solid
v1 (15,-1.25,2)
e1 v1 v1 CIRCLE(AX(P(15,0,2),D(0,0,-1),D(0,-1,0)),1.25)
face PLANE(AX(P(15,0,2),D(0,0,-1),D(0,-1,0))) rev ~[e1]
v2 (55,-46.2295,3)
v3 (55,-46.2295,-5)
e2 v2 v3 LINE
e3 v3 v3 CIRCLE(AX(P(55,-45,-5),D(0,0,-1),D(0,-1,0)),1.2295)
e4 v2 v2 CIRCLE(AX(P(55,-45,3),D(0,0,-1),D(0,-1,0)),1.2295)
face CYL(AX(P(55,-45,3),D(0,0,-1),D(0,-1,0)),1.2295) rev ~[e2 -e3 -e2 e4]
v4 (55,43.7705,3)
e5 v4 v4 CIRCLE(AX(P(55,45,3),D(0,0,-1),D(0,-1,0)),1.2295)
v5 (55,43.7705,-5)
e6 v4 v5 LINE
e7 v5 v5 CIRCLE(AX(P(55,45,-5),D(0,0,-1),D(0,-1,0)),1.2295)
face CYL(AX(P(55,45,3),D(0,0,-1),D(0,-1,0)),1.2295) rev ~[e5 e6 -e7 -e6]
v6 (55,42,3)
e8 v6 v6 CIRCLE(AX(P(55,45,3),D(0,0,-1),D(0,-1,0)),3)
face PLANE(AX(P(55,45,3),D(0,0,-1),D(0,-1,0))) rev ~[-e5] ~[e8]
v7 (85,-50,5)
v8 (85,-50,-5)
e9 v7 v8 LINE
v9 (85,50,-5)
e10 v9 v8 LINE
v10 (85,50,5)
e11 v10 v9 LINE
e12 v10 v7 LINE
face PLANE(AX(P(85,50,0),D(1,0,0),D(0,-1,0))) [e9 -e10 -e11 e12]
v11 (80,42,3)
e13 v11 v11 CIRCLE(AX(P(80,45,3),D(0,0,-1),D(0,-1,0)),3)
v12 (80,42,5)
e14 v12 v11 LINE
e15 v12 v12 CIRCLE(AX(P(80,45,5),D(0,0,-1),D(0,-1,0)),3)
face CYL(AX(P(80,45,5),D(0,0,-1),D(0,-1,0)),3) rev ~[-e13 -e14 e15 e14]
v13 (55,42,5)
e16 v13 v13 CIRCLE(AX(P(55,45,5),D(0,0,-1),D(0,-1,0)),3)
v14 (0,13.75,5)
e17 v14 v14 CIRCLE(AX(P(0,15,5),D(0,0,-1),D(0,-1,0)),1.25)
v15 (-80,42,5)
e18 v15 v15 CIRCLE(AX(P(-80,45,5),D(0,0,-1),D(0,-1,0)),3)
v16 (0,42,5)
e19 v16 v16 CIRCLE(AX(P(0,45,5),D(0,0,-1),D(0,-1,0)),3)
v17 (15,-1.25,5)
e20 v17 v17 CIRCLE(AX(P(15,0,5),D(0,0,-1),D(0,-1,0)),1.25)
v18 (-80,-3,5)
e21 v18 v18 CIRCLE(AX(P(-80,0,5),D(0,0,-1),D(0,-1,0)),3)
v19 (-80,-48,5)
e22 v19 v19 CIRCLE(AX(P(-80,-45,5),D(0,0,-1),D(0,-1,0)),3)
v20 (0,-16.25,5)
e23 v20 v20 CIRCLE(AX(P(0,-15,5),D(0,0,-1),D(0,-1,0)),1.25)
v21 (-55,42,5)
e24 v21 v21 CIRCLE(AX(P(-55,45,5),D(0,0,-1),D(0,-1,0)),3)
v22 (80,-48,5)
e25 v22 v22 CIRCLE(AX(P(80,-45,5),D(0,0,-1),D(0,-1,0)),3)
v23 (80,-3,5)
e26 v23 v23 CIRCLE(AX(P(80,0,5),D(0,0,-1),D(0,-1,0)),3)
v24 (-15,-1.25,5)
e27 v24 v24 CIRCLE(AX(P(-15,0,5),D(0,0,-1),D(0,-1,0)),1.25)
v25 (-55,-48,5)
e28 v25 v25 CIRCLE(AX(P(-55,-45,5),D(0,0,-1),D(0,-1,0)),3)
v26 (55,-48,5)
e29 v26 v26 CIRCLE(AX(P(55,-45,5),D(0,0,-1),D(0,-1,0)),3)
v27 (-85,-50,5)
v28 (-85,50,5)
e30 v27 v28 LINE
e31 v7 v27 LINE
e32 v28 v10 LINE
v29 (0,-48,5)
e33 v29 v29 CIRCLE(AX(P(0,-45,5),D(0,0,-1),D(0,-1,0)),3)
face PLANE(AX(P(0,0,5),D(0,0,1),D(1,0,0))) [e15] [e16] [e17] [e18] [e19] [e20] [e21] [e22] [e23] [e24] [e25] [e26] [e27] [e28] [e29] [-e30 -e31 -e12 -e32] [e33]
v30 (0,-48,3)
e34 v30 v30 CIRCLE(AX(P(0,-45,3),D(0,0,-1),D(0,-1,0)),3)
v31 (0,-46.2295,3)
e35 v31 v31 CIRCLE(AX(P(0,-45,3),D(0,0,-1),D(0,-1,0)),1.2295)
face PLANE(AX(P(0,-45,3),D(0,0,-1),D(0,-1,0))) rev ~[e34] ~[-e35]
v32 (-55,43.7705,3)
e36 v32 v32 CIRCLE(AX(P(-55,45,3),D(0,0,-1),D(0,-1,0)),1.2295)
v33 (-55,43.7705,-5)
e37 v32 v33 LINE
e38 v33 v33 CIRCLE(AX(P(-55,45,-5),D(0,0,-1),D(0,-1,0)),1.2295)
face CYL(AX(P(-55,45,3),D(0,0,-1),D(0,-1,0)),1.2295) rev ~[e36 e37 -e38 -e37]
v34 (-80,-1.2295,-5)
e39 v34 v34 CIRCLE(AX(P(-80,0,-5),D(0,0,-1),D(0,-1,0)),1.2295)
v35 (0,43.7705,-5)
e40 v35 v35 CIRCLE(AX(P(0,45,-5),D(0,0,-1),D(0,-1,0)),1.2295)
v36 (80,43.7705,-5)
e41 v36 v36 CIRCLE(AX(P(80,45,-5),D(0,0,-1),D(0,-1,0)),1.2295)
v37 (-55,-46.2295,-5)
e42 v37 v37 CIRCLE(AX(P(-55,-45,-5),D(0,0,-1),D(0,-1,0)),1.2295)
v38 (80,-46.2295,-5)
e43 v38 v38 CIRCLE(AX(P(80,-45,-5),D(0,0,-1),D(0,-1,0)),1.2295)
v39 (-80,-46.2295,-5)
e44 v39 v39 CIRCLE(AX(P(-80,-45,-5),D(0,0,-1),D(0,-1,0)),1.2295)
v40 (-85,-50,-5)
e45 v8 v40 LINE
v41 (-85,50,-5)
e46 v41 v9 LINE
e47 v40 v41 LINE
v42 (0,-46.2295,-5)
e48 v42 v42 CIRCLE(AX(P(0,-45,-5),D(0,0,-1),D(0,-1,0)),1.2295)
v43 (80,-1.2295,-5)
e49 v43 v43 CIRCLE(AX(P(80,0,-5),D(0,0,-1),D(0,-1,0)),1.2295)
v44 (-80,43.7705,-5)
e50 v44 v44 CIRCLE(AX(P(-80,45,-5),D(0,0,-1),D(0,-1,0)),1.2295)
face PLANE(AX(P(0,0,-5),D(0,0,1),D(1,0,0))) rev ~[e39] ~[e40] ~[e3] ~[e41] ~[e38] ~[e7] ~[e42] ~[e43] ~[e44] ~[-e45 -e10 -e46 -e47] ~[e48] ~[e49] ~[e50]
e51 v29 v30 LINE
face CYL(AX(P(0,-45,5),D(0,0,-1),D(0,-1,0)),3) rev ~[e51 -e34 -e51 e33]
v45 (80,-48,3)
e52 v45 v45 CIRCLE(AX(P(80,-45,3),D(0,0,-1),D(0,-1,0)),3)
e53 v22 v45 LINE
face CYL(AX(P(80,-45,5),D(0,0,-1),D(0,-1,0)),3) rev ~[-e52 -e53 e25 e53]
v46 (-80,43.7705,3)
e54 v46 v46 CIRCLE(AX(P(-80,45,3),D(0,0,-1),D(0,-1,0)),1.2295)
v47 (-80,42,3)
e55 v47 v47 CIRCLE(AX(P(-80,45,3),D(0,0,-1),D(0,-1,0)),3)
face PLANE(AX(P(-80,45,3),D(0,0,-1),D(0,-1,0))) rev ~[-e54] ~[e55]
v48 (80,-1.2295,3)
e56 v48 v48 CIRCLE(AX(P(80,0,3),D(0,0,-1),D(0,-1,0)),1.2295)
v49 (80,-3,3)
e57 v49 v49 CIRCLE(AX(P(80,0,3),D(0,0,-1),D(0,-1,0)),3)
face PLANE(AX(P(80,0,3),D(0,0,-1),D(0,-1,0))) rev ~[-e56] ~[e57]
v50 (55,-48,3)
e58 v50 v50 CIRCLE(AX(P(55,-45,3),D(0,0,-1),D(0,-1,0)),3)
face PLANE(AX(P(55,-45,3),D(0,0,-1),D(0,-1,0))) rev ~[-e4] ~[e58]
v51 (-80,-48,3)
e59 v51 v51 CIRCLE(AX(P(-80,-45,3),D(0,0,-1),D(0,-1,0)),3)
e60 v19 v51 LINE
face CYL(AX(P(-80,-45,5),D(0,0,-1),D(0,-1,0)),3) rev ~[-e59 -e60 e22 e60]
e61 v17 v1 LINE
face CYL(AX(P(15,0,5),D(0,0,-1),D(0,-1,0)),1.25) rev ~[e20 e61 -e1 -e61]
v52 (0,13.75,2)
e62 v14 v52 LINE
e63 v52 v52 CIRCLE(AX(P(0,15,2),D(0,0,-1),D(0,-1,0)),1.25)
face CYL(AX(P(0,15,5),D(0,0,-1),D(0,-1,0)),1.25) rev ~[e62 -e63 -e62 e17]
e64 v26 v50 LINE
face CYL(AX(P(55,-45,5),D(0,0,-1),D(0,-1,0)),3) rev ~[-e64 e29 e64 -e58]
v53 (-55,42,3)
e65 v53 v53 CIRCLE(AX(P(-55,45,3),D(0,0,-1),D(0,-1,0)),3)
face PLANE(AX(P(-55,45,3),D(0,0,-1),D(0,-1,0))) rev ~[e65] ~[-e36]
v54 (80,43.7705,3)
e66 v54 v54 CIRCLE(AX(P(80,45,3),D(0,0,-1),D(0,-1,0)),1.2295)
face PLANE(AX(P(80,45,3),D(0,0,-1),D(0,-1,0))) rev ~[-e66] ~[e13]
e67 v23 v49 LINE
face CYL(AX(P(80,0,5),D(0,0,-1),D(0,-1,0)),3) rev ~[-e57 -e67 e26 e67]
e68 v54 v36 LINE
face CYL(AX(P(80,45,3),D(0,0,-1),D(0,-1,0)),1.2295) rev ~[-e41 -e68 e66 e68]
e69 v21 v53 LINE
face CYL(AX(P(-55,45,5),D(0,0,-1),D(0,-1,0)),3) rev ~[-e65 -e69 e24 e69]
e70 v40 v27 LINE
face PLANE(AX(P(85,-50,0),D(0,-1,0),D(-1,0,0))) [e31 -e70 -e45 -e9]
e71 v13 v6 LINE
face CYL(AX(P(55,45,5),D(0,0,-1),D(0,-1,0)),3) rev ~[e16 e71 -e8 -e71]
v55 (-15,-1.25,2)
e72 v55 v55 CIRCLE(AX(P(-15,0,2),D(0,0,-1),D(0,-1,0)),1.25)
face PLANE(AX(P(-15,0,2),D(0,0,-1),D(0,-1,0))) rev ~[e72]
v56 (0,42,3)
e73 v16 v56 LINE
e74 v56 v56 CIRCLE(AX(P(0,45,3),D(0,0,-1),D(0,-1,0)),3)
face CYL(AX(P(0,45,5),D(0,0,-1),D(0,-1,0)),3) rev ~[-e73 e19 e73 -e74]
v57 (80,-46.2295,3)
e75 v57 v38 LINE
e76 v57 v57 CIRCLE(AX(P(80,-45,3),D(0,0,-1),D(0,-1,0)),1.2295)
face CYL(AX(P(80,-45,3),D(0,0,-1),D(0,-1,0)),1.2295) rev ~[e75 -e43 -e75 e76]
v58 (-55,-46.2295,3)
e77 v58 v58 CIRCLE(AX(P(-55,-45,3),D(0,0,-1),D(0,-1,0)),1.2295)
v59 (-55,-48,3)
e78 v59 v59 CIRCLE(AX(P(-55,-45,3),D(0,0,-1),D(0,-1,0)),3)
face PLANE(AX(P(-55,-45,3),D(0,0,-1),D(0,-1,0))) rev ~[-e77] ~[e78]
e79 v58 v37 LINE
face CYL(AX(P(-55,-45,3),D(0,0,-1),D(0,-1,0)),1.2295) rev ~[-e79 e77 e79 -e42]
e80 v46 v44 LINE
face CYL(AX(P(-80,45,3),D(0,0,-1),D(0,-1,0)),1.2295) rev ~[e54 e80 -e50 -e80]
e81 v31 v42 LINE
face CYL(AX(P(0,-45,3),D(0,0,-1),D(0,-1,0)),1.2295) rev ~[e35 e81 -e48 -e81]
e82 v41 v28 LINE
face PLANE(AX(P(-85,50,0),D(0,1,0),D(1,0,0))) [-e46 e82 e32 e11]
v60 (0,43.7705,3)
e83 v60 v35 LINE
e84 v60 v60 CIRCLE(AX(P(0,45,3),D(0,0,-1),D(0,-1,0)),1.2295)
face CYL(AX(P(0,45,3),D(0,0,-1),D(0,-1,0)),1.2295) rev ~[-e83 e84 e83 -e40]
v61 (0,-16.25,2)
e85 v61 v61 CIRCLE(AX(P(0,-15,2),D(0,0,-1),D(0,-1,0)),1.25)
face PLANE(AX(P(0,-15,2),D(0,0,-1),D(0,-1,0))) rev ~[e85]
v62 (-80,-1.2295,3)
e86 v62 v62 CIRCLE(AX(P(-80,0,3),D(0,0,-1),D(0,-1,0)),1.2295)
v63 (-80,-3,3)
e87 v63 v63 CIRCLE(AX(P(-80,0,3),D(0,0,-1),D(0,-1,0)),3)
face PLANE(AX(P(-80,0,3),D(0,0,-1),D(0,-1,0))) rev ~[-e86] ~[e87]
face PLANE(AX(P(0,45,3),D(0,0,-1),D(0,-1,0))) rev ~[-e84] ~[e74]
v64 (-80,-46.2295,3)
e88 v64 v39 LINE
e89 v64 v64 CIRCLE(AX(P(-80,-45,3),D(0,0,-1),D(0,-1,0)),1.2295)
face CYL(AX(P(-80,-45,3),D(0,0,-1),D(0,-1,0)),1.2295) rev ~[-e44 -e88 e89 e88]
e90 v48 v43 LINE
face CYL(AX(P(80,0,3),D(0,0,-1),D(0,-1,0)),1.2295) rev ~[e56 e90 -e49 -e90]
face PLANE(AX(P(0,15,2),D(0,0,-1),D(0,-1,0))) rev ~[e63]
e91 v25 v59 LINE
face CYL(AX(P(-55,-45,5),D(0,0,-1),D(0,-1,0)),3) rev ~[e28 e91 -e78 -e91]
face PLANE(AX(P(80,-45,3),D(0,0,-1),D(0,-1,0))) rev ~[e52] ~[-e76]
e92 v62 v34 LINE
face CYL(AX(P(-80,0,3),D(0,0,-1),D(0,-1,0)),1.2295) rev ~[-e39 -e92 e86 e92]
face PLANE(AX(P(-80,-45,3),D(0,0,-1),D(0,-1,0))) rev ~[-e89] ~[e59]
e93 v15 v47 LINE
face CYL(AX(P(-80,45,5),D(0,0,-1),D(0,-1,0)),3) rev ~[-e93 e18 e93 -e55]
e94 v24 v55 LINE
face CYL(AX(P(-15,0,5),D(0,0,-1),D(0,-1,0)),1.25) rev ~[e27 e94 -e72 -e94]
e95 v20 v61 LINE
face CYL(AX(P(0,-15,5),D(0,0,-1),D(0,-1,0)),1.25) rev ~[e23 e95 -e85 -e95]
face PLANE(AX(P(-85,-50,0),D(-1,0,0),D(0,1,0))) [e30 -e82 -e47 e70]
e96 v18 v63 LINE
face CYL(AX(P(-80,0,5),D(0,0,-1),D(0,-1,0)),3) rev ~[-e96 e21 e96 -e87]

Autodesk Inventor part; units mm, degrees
ref_plane "YZ Plane" through (0, 0, 0) normal (1, 0, 0) x (0, 1, 0)
ref_plane "XZ Plane" through (0, 0, 0) normal (0, 1, 0) x (-1, 0, 0)
ref_plane "XY Plane" through (0, 0, 0) normal (0, 0, 1) x (1, 0, 0)
sketch "Sketch1" plane through (0, 0, 0) normal (0, 0, 1) x (1, 0, 0)
  line L0 (-85, 50) -> (85, 50)
  line L1 (85, 50) -> (85, -50)
  line L2 (85, -50) -> (-85, -50)
  line L3 (-85, -50) -> (-85, 50)
  line L4 (-85, 50) -> (85, -50) construction
  line L5 (85, 50) -> (-85, -50) construction
  point P0 (0, 0)
  dimension "d0" = 170
  dimension "d1" = 100
extrude "Extrusion1" add sketch "Sketch1" along normal mid plane 10
sketch "Sketch2" plane through (0, 0, 5) normal (0, 0, 1) x (1, 0, 0)
  line L0 (-85, 50) -> (-85, -50) projected
  line L1 (-85, -50) -> (85, -50) projected
  line L2 (85, -50) -> (85, 50) projected
  line L3 (85, 50) -> (-85, 50) projected
  point P0 (0, 0)
  point P1 (-80, -45)
  point P2 (0, -45)
  point P3 (-55, -45)
  point P4 (55, -45)
  point P5 (0, -45)
  point P6 (80, -45)
  point P7 (-80, 0)
  point P8 (80, 0)
  point P9 (-80, 45)
  point P10 (80, 45)
  point P11 (-55, 45)
  point P12 (0, 45)
  point P13 (55, 45)
  dimension "d4" = 5
  dimension "d5" = 5
  dimension "d8" = 80
  dimension "d13" = 25
  dimension "d14" = 5
  dimension "d16" = 5
  dimension "d60" = 5
  dimension "d61" = 5
  dimension "d62" = 25
  dimension "d65" = 45
  dimension "d72" = 90
hole "Hole1" at (-80, -45, 5) at (0, -45, 5) at (-55, -45, 5) at (55, -45, 5) at (-80, 45, 5) at (-80, 0, 5) at (-55, 45, 5) at (0, 45, 5) at (55, 45, 5) at (80, 45, 5) at (80, 0, 5) at (80, -45, 5) direction (0, 0, -1) diameter 2.459 end through all counterbore diameter 6 counterbore depth 2 thread size "M3x0.5" class "6H" standard "ANSI Metric M Profile"
sketch "Sketch3" plane through (0, 0, 5) normal (0, 0, 1) x (1, 0, 0)
  point P0 (0, 0)
  point P1 (0, 15)
  point P2 (-15, 0)
  point P3 (0, -15)
  point P4 (15, 0)
  dimension "d105" = 15
  dimension "d108" = 360
hole "Hole2" at (0, 15, 5) at (-15, 0, 5) at (0, -15, 5) at (15, 0, 5) direction (0, 0, -1) diameter 2.5 depth 3
properties part number "topwindow"
